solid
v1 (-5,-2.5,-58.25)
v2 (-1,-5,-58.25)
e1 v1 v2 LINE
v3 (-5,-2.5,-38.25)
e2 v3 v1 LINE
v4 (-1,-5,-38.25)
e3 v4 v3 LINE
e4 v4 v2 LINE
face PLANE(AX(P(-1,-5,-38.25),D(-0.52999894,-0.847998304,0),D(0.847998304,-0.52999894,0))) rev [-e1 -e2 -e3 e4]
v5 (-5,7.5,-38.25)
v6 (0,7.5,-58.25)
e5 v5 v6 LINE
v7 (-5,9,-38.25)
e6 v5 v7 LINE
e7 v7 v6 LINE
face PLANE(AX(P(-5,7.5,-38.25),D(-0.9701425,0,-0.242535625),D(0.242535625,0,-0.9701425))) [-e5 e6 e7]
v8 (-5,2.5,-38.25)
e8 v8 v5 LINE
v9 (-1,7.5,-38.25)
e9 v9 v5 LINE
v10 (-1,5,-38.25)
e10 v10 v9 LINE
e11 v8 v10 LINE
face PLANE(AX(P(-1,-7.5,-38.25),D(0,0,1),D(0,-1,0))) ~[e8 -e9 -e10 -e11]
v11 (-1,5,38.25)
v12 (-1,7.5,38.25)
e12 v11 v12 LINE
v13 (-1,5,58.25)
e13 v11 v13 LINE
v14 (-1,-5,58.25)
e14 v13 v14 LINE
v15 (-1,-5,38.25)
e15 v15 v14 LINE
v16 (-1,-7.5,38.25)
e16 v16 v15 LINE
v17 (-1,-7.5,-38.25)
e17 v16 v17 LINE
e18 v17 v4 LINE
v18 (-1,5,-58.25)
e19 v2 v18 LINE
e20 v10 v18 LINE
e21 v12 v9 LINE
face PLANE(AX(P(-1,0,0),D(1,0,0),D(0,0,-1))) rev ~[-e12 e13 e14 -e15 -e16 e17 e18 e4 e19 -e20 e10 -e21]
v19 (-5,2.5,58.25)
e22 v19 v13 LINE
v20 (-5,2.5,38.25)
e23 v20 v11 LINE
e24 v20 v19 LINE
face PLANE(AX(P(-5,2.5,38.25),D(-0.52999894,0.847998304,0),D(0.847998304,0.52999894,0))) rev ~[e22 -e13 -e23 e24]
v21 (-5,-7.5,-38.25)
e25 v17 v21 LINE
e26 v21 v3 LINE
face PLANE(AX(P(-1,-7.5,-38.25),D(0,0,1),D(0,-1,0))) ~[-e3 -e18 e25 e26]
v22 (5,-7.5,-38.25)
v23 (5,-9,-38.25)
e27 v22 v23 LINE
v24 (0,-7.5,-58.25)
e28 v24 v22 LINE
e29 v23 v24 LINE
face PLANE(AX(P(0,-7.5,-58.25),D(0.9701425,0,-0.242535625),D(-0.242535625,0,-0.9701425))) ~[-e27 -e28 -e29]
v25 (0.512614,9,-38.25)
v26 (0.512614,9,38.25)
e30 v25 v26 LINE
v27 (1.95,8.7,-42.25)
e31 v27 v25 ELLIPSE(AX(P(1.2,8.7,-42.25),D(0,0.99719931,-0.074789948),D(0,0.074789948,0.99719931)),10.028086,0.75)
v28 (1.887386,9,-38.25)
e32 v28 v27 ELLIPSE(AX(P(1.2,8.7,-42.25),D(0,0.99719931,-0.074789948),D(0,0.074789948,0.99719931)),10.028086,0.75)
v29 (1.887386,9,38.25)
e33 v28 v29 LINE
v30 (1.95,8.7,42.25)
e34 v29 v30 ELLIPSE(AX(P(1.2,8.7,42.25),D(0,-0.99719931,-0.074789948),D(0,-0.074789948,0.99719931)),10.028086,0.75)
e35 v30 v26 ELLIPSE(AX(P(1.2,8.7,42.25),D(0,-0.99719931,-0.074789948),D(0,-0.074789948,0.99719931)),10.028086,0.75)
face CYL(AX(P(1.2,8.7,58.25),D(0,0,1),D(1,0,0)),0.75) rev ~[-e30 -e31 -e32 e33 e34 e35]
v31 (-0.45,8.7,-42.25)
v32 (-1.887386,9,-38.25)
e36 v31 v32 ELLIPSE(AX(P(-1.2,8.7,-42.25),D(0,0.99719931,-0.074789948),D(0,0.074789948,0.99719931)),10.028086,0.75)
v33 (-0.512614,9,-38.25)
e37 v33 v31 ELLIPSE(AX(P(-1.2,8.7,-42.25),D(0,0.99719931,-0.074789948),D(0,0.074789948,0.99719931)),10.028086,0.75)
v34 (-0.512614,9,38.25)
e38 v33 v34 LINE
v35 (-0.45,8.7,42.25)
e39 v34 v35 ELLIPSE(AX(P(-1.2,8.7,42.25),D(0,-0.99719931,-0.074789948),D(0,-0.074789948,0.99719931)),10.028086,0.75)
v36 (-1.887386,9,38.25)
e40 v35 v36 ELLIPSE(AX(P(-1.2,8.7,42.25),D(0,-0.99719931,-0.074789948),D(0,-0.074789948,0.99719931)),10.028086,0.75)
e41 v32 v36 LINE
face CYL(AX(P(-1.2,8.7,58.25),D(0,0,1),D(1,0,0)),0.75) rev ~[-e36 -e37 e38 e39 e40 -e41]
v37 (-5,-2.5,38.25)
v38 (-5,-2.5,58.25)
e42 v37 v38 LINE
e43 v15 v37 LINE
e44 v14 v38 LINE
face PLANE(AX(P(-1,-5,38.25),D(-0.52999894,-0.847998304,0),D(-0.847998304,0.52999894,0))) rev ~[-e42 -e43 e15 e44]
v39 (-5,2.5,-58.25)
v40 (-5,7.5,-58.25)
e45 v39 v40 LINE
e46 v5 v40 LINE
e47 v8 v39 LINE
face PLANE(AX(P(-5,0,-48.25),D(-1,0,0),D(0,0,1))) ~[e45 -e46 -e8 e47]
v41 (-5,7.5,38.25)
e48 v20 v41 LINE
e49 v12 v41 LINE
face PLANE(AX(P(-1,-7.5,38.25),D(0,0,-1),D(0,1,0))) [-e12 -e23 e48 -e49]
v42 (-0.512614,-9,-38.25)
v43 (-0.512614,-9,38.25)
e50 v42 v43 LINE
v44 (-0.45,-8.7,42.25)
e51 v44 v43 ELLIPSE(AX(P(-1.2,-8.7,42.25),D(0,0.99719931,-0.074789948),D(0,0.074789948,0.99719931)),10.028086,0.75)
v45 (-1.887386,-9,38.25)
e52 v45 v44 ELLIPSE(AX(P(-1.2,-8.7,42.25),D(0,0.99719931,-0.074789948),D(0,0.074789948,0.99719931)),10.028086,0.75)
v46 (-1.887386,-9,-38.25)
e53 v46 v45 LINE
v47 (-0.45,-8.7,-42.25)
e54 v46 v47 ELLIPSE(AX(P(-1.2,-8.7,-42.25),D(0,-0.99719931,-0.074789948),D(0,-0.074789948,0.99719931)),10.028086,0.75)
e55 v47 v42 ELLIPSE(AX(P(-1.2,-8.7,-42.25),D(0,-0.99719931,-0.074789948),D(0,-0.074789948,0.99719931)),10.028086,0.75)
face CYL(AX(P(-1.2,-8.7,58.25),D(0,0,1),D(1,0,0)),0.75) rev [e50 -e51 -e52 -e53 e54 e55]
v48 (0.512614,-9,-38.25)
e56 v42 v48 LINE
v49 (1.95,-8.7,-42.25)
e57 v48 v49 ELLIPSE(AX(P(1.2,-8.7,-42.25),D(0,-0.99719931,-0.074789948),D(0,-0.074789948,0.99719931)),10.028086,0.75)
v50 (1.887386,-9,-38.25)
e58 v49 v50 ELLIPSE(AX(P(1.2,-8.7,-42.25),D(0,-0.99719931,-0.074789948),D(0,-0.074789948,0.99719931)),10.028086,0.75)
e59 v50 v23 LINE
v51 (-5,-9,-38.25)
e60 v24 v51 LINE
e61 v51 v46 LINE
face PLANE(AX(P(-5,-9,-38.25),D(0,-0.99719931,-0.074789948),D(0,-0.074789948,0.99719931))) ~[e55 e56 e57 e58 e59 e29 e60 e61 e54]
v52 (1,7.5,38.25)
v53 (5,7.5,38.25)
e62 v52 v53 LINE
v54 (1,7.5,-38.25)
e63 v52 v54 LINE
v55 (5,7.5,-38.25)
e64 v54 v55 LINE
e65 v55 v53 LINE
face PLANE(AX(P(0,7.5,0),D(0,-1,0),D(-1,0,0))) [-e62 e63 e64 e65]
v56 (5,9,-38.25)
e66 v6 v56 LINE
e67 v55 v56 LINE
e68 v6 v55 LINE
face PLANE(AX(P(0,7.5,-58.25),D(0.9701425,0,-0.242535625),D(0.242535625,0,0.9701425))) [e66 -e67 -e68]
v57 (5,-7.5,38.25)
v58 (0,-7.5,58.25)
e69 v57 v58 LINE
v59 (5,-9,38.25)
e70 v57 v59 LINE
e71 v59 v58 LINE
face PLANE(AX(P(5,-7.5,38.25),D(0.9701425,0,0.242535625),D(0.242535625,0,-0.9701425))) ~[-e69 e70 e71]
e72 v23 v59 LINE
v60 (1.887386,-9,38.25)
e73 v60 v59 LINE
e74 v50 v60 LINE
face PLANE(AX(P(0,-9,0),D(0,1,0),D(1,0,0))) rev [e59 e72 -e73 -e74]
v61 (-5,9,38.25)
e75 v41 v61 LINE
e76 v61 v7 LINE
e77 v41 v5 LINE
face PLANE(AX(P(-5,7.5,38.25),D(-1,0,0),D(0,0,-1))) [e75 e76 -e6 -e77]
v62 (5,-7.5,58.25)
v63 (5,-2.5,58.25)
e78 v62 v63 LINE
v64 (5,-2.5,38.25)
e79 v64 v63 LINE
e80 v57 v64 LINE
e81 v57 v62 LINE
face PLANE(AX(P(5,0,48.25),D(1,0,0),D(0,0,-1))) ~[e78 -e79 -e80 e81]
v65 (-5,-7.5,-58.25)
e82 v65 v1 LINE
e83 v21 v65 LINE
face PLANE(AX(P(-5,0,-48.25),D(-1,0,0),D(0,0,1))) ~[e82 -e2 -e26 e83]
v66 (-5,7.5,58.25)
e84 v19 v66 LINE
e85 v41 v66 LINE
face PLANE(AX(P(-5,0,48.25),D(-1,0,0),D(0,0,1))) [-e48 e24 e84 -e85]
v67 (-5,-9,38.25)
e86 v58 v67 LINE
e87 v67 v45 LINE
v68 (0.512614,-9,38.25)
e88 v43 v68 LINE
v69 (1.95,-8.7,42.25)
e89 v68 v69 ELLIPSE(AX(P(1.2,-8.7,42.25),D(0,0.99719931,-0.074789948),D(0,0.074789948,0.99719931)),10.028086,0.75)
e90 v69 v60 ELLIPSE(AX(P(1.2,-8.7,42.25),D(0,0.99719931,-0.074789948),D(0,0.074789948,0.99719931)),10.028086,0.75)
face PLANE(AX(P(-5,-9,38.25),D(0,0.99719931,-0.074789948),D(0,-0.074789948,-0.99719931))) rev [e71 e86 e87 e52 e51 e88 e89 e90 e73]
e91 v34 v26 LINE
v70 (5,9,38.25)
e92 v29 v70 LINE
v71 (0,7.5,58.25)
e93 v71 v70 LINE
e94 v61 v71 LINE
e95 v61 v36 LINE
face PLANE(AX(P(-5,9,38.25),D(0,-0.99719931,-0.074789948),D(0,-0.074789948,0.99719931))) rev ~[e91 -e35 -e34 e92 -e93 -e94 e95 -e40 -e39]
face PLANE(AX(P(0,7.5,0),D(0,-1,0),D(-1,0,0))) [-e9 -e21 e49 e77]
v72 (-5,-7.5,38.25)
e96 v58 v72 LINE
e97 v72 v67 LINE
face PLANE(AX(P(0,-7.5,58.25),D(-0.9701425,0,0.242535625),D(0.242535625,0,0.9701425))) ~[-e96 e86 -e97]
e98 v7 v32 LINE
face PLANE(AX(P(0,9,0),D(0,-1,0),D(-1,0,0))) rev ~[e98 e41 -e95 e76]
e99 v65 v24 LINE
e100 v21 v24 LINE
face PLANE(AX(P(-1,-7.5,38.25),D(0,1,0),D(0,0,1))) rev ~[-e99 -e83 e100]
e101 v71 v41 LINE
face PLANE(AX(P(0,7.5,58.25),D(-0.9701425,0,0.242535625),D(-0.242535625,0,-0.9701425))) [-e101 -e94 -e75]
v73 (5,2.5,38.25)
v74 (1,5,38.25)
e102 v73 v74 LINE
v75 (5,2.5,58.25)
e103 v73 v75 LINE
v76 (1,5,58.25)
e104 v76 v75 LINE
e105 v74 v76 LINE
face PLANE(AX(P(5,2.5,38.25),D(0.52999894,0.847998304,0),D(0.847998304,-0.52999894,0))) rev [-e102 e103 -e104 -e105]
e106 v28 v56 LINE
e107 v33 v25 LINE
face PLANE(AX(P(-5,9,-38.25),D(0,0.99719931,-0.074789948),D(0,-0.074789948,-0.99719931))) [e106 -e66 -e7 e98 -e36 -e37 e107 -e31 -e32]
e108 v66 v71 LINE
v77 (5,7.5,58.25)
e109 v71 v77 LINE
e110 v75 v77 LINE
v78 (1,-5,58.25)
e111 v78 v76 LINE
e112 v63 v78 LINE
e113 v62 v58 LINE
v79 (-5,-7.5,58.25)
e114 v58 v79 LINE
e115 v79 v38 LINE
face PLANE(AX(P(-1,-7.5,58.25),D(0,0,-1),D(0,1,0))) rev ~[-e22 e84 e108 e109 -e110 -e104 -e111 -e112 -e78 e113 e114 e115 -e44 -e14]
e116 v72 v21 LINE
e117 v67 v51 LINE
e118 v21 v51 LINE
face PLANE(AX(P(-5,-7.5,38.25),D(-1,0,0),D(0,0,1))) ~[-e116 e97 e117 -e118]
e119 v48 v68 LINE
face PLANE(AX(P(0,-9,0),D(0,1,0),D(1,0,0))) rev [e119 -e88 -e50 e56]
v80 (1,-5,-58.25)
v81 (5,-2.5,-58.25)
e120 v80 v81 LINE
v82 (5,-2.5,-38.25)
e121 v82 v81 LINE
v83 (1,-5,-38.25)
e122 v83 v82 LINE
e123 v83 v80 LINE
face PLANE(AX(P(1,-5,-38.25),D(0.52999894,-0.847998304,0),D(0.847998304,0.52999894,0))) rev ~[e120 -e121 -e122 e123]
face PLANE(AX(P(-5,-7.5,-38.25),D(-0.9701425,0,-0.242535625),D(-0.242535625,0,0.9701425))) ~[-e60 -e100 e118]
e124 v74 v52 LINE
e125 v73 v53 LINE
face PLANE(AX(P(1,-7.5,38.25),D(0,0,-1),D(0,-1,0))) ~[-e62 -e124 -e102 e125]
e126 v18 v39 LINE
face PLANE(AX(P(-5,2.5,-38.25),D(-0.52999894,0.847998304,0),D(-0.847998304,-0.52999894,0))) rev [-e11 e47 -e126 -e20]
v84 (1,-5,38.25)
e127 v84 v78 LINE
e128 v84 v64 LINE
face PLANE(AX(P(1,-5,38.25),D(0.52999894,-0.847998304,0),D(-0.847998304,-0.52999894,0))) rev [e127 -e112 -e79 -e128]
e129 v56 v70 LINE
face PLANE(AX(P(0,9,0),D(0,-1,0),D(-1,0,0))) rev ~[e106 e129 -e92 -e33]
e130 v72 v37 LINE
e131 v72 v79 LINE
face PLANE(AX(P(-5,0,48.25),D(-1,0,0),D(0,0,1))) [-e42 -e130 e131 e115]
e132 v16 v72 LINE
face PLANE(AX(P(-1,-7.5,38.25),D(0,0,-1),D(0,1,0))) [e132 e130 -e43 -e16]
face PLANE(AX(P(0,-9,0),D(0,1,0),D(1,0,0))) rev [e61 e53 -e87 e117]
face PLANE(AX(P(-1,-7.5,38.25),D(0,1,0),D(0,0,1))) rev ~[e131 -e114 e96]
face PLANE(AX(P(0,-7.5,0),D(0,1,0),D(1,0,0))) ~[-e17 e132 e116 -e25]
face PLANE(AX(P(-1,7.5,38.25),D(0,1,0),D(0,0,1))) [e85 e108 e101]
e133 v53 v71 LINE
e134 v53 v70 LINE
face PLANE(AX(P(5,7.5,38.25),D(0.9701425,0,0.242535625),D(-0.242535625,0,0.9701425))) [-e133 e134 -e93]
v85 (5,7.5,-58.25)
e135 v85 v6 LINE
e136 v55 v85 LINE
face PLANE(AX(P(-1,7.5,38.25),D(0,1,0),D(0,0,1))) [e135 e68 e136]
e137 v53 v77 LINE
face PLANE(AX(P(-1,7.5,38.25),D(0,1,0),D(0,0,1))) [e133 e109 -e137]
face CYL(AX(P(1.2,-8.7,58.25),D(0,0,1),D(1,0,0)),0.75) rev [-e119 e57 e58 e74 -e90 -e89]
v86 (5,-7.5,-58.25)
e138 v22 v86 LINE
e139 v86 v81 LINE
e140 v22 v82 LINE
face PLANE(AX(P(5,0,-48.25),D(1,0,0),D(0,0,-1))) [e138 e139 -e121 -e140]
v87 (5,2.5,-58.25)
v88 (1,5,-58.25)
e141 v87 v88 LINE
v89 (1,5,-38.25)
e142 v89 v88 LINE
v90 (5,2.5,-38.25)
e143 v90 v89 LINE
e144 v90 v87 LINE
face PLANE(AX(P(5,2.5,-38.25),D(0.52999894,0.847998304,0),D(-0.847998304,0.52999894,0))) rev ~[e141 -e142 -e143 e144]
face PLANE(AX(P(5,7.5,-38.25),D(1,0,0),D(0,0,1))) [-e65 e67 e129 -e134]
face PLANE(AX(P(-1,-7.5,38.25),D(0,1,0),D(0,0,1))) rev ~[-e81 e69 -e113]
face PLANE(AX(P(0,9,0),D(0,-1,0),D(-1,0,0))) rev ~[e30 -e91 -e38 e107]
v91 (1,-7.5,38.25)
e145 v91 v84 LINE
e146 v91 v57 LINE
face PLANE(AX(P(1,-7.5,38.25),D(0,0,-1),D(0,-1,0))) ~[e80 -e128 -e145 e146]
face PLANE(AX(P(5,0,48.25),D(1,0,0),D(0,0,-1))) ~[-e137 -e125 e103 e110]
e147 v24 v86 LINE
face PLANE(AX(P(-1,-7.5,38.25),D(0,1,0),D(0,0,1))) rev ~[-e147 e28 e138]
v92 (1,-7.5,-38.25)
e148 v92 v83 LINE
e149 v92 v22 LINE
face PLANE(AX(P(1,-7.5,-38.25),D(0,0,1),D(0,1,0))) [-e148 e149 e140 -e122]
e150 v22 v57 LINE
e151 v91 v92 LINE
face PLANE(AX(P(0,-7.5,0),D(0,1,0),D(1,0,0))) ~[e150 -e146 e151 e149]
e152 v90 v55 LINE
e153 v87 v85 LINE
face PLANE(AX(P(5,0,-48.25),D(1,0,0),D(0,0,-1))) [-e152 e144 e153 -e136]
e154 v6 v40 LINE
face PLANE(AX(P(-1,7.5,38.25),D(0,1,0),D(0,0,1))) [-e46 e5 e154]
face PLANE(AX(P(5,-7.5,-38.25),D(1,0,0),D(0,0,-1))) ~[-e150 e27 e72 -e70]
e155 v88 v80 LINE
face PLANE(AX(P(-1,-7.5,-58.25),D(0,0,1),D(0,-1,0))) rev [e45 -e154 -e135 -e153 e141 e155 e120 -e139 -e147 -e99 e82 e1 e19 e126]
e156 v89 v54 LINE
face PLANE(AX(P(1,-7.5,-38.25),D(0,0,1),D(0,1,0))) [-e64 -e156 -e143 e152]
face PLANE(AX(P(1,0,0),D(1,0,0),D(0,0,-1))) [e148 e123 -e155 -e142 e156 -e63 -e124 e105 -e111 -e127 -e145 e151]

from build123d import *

# Parameters (mm, degrees)
SKETCH1_W               = 116.5
SKETCH1_H               = 15
BOSS_EXTRUDE1_DEPTH     = 1
SKETCH2_W               = 20
SKETCH2_H               = 15
BOSS_EXTRUDE2_DEPTH     = 4
CUT_EXTRUDE1_DEPTH      = 97.920070161
MIRROR2_COPY_1_SKETCH_W = 20
MIRROR2_COPY_1_SKETCH_H = 15
MIRROR2_COPY_1_DEPTH    = 4
MIRROR2_COPY_2_DEPTH    = 97.920070161
BOSS_EXTRUDE5_DEPTH     = 1.5
CUT_EXTRUDE2_DEPTH      = 60.783463433
SKETCH9_R               = 0.75
CUT_EXTRUDE3_DEPTH      = 117.954050806


with BuildPart() as part:
    # Sketch1 → Boss-Extrude1 (new, symmetric)
    with BuildSketch(Plane(origin=(0, 0, 0), x_dir=(0, 0, -1), z_dir=(1, 0, 0))):
        Rectangle(SKETCH1_W, SKETCH1_H)
    extrude(amount=BOSS_EXTRUDE1_DEPTH, both=True)

    # Sketch2 → Boss-Extrude2 (add)
    with BuildSketch(Plane(origin=(1, 0, 0), x_dir=(0, 0, -1), z_dir=(1, 0, 0))):
        with Locations((48.25, 0)):
            Rectangle(SKETCH2_W, SKETCH2_H)
    boss_extrude2 = extrude(amount=BOSS_EXTRUDE2_DEPTH)

    # Sketch3 → Cut-Extrude1 (cut, through all)
    with BuildSketch(Plane.XY.offset(-38.25)):
        Polygon((5, 2.5), (1, 5), (1, -5), (5, -2.5), align=None)
    cut_extrude1 = extrude(amount=-CUT_EXTRUDE1_DEPTH, mode=Mode.SUBTRACT)

    # Mirror1: Boss-Extrude2, Cut-Extrude1 across plane
    add(boss_extrude2.mirror(Plane(origin=(0, 0, 0), x_dir=(0, 0, 1), z_dir=(1, 0, 0))))
    add(cut_extrude1.mirror(Plane(origin=(0, 0, 0), x_dir=(0, 0, 1), z_dir=(1, 0, 0))), mode=Mode.SUBTRACT)

    # Mirror2: Boss-Extrude2, Cut-Extrude1 across plane
    add(boss_extrude2.mirror(Plane.XY))
    add(cut_extrude1.mirror(Plane.XY), mode=Mode.SUBTRACT)

    # Mirror2 copy 1 sketch → Mirror2 copy 1 (add)
    with BuildSketch(Plane.ZY.offset(1)):
        with Locations((48.25, 0)):
            Rectangle(MIRROR2_COPY_1_SKETCH_W, MIRROR2_COPY_1_SKETCH_H)
    extrude(amount=MIRROR2_COPY_1_DEPTH)

    # Mirror2 copy 2 sketch → Mirror2 copy 2 (cut, through all)
    with BuildSketch(Plane(origin=(0, 0, 38.25), x_dir=(-1, 0, 0), z_dir=(0, 0, -1))):
        Polygon((5, 2.5), (1, 5), (1, -5), (5, -2.5), align=None)
    extrude(amount=-MIRROR2_COPY_2_DEPTH, mode=Mode.SUBTRACT)

    # Sketch7 → Boss-Extrude5 (add)
    with BuildSketch(Plane(origin=(0, 7.5, 0), x_dir=(1, 0, 0), z_dir=(0, 1, 0))):
        Polygon((0, -58.25), (-5, -38.25), (-5, 38.25), (0, 58.25), (5, 38.25), (5, -38.25), align=None)
    boss_extrude5 = extrude(amount=BOSS_EXTRUDE5_DEPTH)

    # Sketch8 → Cut-Extrude2 (cut, through all)
    with BuildSketch(Plane.ZY.offset(5)):
        Polygon((-38.25, 9), (-58.25, 7.5), (-58.25, 9), align=None)
        Polygon((58.25, 9), (38.25, 9), (58.25, 7.5), align=None)
    cut_extrude2 = extrude(amount=-CUT_EXTRUDE2_DEPTH, mode=Mode.SUBTRACT)

    # Sketch9 → Cut-Extrude3 (cut, through all)
    with BuildSketch(Plane.XY.offset(58.25)):
        with Locations((1.2, 8.7)):
            Circle(SKETCH9_R)
        with Locations((-1.2, 8.7)):
            Circle(SKETCH9_R)
    cut_extrude3 = extrude(amount=-CUT_EXTRUDE3_DEPTH, mode=Mode.SUBTRACT)

    # Mirror4: Boss-Extrude5, Cut-Extrude2, Cut-Extrude3 across plane
    add(boss_extrude5.mirror(Plane.ZX))
    add(cut_extrude2.mirror(Plane.ZX), mode=Mode.SUBTRACT)
    add(cut_extrude3.mirror(Plane.ZX), mode=Mode.SUBTRACT)


solid = part.part
